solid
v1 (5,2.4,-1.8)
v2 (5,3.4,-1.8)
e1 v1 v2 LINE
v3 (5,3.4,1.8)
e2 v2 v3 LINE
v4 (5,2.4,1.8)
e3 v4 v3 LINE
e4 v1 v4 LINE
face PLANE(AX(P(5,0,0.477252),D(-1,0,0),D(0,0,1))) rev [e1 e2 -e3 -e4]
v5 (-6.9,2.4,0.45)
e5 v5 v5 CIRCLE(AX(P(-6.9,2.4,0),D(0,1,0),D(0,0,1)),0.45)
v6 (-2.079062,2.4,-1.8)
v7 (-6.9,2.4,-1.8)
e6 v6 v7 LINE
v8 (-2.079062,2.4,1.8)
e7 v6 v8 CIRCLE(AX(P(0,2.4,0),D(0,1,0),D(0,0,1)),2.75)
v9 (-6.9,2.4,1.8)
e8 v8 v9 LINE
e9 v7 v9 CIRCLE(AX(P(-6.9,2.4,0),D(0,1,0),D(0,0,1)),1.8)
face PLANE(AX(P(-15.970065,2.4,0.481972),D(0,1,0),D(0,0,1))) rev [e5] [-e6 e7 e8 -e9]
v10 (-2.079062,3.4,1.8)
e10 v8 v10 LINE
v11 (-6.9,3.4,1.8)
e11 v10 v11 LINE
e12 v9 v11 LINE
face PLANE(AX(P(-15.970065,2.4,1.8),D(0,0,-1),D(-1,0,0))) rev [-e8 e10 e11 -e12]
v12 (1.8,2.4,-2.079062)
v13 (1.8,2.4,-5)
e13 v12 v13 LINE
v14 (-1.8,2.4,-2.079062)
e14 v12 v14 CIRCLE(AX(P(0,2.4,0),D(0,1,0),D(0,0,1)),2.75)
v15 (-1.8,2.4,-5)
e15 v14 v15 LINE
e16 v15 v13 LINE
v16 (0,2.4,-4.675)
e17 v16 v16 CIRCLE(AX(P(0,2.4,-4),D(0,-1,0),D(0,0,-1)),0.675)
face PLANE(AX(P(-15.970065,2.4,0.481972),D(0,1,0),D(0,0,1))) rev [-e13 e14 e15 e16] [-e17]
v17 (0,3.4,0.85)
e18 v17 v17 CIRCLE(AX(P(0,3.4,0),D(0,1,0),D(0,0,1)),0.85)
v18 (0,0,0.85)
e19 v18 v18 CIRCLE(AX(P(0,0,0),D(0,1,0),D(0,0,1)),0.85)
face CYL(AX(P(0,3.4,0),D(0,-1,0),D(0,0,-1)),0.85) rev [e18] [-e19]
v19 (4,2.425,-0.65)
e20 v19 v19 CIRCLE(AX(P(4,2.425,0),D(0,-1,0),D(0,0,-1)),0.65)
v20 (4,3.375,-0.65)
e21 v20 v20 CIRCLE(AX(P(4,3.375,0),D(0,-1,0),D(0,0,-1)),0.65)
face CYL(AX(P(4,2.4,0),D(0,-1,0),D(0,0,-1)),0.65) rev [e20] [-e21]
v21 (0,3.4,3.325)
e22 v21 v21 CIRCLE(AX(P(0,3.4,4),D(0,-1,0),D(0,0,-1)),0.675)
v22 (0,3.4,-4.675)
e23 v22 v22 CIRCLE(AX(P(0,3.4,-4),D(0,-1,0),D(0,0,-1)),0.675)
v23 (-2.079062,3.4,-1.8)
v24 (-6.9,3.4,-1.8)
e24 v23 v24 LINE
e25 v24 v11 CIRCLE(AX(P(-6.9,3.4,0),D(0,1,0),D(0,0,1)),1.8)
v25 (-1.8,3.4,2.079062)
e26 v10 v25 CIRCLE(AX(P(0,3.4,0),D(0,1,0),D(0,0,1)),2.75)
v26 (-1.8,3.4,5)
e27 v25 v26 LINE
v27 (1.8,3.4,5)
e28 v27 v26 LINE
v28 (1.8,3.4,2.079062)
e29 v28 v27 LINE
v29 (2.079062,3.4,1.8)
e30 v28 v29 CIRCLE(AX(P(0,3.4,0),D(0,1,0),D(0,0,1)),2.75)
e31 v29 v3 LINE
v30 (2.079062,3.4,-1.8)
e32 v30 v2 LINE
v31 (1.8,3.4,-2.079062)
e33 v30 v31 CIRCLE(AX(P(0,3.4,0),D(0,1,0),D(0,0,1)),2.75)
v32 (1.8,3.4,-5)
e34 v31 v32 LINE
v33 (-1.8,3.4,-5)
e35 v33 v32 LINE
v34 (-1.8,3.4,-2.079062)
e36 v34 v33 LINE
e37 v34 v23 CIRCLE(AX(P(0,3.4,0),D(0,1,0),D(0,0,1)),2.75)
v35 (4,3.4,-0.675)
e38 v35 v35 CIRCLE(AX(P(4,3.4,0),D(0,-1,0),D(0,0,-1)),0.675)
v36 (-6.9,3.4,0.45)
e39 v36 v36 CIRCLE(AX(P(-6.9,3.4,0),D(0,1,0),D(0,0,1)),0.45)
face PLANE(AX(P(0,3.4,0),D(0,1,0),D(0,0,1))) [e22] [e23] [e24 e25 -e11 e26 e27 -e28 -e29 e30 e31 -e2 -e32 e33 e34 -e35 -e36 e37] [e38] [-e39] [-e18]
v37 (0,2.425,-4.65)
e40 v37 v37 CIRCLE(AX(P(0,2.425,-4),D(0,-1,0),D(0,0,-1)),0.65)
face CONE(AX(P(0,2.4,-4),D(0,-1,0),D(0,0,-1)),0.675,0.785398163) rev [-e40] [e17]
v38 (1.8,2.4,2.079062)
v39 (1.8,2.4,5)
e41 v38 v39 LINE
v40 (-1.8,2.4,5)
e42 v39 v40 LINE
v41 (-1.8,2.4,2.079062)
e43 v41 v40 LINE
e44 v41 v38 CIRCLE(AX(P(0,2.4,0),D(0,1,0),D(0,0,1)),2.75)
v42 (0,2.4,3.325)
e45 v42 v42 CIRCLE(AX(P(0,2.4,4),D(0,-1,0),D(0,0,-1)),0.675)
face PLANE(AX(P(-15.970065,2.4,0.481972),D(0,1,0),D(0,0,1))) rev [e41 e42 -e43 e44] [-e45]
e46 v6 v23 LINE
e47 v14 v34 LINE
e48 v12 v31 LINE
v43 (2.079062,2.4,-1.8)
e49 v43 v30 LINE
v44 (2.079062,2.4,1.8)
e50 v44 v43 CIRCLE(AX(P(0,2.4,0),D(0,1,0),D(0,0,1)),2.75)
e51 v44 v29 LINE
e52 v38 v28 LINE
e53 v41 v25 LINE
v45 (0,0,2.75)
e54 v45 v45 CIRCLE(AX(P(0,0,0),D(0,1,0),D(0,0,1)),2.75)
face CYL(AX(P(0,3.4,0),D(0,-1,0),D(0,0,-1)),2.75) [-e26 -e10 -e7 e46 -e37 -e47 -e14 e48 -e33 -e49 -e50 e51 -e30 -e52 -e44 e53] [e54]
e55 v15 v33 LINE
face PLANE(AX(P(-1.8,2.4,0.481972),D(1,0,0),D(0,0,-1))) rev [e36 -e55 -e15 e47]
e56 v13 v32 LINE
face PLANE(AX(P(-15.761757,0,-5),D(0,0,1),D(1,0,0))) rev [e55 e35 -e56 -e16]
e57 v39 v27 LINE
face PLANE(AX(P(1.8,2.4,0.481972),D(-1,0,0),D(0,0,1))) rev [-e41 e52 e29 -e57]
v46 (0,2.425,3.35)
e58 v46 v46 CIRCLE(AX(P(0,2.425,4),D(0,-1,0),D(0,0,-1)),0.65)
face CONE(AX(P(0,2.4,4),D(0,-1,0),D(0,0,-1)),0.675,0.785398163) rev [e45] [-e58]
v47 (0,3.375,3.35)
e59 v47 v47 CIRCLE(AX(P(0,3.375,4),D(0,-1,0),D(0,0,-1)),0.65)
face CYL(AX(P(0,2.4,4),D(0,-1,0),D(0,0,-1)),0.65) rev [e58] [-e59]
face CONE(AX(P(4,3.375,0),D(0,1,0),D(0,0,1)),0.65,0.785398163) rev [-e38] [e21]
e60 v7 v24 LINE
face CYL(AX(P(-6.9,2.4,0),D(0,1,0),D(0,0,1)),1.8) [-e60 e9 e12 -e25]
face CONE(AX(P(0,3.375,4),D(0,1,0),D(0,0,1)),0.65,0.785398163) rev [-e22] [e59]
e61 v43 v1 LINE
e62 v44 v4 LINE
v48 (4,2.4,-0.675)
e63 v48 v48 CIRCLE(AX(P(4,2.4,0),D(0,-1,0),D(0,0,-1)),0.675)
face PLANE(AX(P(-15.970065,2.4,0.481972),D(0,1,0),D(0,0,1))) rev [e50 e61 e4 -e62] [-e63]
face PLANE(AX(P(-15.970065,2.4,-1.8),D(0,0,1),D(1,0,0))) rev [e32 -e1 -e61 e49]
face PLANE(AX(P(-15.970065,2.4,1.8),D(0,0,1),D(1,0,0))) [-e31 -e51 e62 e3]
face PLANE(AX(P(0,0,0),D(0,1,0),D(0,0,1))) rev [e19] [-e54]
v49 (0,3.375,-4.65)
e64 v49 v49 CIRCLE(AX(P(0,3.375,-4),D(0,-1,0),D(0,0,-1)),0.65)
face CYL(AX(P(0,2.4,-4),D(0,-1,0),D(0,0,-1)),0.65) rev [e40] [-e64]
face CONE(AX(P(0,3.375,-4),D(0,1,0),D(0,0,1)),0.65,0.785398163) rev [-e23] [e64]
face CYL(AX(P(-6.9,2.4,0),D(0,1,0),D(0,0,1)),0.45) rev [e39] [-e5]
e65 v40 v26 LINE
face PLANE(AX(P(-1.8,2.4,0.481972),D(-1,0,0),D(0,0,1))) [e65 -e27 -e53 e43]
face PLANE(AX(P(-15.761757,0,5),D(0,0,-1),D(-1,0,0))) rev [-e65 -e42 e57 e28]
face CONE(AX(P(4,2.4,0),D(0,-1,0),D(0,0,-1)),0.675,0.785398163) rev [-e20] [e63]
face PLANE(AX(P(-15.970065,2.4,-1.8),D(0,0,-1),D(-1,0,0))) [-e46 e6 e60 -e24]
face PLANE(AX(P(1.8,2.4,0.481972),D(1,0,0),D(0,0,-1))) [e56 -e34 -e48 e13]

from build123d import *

# Parameters (mm, degrees)
SKETCH_1_R                       = 2.75
SKETCH_1_R_2                     = 0.85
EXTRUDE_1_DEPTH                  = 3.4
SKETCH_2_R                       = 0.45
EXTRUDE_2_DEPTH                  = 1
SKETCH_3_R                       = 0.45
CUT_EXTRUDE_1_DEPTH              = 4.4
HOLE_WIZARD_1_3_1_3_1_AT_2_COUNT = 2
HOLE_WIZARD_1_3_1_3_1_AT_2_PITCH = 5.656854249
HOLE_WIZARD_1_3_1_3_1_AT_3_COUNT = 2
HOLE_WIZARD_1_3_1_3_1_AT_3_PITCH = 8


with BuildPart() as part:
    # Эскиз1 → Бобышка-Вытянуть1 (new body)
    with BuildSketch(Plane(origin=(0, 0, 0), x_dir=(1, 0, 0), z_dir=(0, 1, 0))):
        Circle(SKETCH_1_R)
        Circle(SKETCH_1_R_2, mode=Mode.SUBTRACT)
    extrude(amount=EXTRUDE_1_DEPTH)

    # Эскиз2 → Бобышка-Вытянуть2 (add)
    with BuildSketch(Plane(origin=(0, 3.4, 0), x_dir=(1, 0, 0), z_dir=(0, 1, 0))):
        with BuildLine():
            Line((6.9, 1.8), (2.079062289, 1.8))
            ThreePointArc((2.079062289, 1.8), (2.75, 0), (2.079062289, -1.8))
            Line((2.079062289, -1.8), (6.9, -1.8))
            ThreePointArc((6.9, -1.8), (8.7, 0), (6.9, 1.8))
        make_face()
        with Locations((6.9, 0)):
            Circle(SKETCH_2_R, mode=Mode.SUBTRACT)
        with BuildLine():
            ThreePointArc((-1.8, 2.079062289), (0, 2.75), (1.8, 2.079062289))
            Line((1.8, 2.079062289), (1.8, 6.9))
            ThreePointArc((1.8, 6.9), (0, 8.7), (-1.8, 6.9))
            Line((-1.8, 6.9), (-1.8, 2.079062289))
        make_face()
        with Locations((0, 6.9)):
            Circle(SKETCH_2_R, mode=Mode.SUBTRACT)
        with BuildLine():
            Line((1.8, -6.9), (1.8, -2.079062289))
            ThreePointArc((1.8, -2.079062289), (0, -2.75), (-1.8, -2.079062289))
            Line((-1.8, -2.079062289), (-1.8, -6.9))
            ThreePointArc((-1.8, -6.9), (0, -8.7), (1.8, -6.9))
        make_face()
        with Locations((0, -6.9)):
            Circle(SKETCH_2_R, mode=Mode.SUBTRACT)
        with BuildLine():
            ThreePointArc((-2.079062289, -1.8), (-2.75, 0), (-2.079062289, 1.8))
            Line((-2.079062289, 1.8), (-6.9, 1.8))
            ThreePointArc((-6.9, 1.8), (-8.7, 0), (-6.9, -1.8))
            Line((-6.9, -1.8), (-2.079062289, -1.8))
        make_face()
        with Locations((-6.9, 0)):
            Circle(SKETCH_2_R, mode=Mode.SUBTRACT)
    extrude(amount=-EXTRUDE_2_DEPTH)

    # Эскиз3 → Вырез-Вытянуть1 (cut, through all)
    with BuildSketch(Plane(origin=(0, 3.4, 0), x_dir=(1, 0, 0), z_dir=(0, 1, 0))):
        with BuildLine():
            Line((6.9, 1.8), (5, 1.8))
            Line((5, 1.8), (5, -1.8))
            Line((5, -1.8), (6.9, -1.8))
            ThreePointArc((6.9, -1.8), (8.7, 0), (6.9, 1.8))
        make_face()
        with Locations((6.9, 0)):
            Circle(SKETCH_3_R, mode=Mode.SUBTRACT)
        with BuildLine():
            Line((1.8, -5), (-1.8, -5))
            Line((-1.8, -5), (-1.8, -6.9))
            ThreePointArc((-1.8, -6.9), (0, -8.7), (1.8, -6.9))
            Line((1.8, -6.9), (1.8, -5))
        make_face()
        with Locations((0, -6.9)):
            Circle(SKETCH_3_R, mode=Mode.SUBTRACT)
        with BuildLine():
            Line((-1.8, 6.9), (-1.8, 5))
            Line((-1.8, 5), (1.8, 5))
            Line((1.8, 5), (1.8, 6.9))
            ThreePointArc((1.8, 6.9), (0, 8.7), (-1.8, 6.9))
        make_face()
        with Locations((0, 6.9)):
            Circle(SKETCH_3_R, mode=Mode.SUBTRACT)
    extrude(amount=-CUT_EXTRUDE_1_DEPTH, mode=Mode.SUBTRACT)

    # Эскиз4 → Диаметр отверстия Ø1.3 (1.3)1 (revolve, cut)
    with BuildSketch(Plane(origin=(0, 2.4, -4), x_dir=(0, 0, -1), z_dir=(1, 0, 0))):
        Polygon((0, 0), (0, 1), (0.675, 1), (0.65, 0.975), (0.65, 0.025), (0.675, 0), align=None)
    hole_wizard_1_3_1_3_1 = revolve(axis=Axis((0, -3.95, -4), (0, 1, 0)), mode=Mode.SUBTRACT)

    # Диаметр отверстия Ø1.3 (1.3)1 at 2: Диаметр отверстия Ø1.3 (1.3)1 ×2
    with Locations(*[Vector(0.707106781, 0, 0.707106781) * (i * HOLE_WIZARD_1_3_1_3_1_AT_2_PITCH) for i in range(1, HOLE_WIZARD_1_3_1_3_1_AT_2_COUNT)]):
        add(hole_wizard_1_3_1_3_1, mode=Mode.SUBTRACT)

    # Диаметр отверстия Ø1.3 (1.3)1 at 3: Диаметр отверстия Ø1.3 (1.3)1 ×2
    with Locations(*[(0, 0, i * HOLE_WIZARD_1_3_1_3_1_AT_3_PITCH) for i in range(1, HOLE_WIZARD_1_3_1_3_1_AT_3_COUNT)]):
        add(hole_wizard_1_3_1_3_1, mode=Mode.SUBTRACT)


solid = part.part
